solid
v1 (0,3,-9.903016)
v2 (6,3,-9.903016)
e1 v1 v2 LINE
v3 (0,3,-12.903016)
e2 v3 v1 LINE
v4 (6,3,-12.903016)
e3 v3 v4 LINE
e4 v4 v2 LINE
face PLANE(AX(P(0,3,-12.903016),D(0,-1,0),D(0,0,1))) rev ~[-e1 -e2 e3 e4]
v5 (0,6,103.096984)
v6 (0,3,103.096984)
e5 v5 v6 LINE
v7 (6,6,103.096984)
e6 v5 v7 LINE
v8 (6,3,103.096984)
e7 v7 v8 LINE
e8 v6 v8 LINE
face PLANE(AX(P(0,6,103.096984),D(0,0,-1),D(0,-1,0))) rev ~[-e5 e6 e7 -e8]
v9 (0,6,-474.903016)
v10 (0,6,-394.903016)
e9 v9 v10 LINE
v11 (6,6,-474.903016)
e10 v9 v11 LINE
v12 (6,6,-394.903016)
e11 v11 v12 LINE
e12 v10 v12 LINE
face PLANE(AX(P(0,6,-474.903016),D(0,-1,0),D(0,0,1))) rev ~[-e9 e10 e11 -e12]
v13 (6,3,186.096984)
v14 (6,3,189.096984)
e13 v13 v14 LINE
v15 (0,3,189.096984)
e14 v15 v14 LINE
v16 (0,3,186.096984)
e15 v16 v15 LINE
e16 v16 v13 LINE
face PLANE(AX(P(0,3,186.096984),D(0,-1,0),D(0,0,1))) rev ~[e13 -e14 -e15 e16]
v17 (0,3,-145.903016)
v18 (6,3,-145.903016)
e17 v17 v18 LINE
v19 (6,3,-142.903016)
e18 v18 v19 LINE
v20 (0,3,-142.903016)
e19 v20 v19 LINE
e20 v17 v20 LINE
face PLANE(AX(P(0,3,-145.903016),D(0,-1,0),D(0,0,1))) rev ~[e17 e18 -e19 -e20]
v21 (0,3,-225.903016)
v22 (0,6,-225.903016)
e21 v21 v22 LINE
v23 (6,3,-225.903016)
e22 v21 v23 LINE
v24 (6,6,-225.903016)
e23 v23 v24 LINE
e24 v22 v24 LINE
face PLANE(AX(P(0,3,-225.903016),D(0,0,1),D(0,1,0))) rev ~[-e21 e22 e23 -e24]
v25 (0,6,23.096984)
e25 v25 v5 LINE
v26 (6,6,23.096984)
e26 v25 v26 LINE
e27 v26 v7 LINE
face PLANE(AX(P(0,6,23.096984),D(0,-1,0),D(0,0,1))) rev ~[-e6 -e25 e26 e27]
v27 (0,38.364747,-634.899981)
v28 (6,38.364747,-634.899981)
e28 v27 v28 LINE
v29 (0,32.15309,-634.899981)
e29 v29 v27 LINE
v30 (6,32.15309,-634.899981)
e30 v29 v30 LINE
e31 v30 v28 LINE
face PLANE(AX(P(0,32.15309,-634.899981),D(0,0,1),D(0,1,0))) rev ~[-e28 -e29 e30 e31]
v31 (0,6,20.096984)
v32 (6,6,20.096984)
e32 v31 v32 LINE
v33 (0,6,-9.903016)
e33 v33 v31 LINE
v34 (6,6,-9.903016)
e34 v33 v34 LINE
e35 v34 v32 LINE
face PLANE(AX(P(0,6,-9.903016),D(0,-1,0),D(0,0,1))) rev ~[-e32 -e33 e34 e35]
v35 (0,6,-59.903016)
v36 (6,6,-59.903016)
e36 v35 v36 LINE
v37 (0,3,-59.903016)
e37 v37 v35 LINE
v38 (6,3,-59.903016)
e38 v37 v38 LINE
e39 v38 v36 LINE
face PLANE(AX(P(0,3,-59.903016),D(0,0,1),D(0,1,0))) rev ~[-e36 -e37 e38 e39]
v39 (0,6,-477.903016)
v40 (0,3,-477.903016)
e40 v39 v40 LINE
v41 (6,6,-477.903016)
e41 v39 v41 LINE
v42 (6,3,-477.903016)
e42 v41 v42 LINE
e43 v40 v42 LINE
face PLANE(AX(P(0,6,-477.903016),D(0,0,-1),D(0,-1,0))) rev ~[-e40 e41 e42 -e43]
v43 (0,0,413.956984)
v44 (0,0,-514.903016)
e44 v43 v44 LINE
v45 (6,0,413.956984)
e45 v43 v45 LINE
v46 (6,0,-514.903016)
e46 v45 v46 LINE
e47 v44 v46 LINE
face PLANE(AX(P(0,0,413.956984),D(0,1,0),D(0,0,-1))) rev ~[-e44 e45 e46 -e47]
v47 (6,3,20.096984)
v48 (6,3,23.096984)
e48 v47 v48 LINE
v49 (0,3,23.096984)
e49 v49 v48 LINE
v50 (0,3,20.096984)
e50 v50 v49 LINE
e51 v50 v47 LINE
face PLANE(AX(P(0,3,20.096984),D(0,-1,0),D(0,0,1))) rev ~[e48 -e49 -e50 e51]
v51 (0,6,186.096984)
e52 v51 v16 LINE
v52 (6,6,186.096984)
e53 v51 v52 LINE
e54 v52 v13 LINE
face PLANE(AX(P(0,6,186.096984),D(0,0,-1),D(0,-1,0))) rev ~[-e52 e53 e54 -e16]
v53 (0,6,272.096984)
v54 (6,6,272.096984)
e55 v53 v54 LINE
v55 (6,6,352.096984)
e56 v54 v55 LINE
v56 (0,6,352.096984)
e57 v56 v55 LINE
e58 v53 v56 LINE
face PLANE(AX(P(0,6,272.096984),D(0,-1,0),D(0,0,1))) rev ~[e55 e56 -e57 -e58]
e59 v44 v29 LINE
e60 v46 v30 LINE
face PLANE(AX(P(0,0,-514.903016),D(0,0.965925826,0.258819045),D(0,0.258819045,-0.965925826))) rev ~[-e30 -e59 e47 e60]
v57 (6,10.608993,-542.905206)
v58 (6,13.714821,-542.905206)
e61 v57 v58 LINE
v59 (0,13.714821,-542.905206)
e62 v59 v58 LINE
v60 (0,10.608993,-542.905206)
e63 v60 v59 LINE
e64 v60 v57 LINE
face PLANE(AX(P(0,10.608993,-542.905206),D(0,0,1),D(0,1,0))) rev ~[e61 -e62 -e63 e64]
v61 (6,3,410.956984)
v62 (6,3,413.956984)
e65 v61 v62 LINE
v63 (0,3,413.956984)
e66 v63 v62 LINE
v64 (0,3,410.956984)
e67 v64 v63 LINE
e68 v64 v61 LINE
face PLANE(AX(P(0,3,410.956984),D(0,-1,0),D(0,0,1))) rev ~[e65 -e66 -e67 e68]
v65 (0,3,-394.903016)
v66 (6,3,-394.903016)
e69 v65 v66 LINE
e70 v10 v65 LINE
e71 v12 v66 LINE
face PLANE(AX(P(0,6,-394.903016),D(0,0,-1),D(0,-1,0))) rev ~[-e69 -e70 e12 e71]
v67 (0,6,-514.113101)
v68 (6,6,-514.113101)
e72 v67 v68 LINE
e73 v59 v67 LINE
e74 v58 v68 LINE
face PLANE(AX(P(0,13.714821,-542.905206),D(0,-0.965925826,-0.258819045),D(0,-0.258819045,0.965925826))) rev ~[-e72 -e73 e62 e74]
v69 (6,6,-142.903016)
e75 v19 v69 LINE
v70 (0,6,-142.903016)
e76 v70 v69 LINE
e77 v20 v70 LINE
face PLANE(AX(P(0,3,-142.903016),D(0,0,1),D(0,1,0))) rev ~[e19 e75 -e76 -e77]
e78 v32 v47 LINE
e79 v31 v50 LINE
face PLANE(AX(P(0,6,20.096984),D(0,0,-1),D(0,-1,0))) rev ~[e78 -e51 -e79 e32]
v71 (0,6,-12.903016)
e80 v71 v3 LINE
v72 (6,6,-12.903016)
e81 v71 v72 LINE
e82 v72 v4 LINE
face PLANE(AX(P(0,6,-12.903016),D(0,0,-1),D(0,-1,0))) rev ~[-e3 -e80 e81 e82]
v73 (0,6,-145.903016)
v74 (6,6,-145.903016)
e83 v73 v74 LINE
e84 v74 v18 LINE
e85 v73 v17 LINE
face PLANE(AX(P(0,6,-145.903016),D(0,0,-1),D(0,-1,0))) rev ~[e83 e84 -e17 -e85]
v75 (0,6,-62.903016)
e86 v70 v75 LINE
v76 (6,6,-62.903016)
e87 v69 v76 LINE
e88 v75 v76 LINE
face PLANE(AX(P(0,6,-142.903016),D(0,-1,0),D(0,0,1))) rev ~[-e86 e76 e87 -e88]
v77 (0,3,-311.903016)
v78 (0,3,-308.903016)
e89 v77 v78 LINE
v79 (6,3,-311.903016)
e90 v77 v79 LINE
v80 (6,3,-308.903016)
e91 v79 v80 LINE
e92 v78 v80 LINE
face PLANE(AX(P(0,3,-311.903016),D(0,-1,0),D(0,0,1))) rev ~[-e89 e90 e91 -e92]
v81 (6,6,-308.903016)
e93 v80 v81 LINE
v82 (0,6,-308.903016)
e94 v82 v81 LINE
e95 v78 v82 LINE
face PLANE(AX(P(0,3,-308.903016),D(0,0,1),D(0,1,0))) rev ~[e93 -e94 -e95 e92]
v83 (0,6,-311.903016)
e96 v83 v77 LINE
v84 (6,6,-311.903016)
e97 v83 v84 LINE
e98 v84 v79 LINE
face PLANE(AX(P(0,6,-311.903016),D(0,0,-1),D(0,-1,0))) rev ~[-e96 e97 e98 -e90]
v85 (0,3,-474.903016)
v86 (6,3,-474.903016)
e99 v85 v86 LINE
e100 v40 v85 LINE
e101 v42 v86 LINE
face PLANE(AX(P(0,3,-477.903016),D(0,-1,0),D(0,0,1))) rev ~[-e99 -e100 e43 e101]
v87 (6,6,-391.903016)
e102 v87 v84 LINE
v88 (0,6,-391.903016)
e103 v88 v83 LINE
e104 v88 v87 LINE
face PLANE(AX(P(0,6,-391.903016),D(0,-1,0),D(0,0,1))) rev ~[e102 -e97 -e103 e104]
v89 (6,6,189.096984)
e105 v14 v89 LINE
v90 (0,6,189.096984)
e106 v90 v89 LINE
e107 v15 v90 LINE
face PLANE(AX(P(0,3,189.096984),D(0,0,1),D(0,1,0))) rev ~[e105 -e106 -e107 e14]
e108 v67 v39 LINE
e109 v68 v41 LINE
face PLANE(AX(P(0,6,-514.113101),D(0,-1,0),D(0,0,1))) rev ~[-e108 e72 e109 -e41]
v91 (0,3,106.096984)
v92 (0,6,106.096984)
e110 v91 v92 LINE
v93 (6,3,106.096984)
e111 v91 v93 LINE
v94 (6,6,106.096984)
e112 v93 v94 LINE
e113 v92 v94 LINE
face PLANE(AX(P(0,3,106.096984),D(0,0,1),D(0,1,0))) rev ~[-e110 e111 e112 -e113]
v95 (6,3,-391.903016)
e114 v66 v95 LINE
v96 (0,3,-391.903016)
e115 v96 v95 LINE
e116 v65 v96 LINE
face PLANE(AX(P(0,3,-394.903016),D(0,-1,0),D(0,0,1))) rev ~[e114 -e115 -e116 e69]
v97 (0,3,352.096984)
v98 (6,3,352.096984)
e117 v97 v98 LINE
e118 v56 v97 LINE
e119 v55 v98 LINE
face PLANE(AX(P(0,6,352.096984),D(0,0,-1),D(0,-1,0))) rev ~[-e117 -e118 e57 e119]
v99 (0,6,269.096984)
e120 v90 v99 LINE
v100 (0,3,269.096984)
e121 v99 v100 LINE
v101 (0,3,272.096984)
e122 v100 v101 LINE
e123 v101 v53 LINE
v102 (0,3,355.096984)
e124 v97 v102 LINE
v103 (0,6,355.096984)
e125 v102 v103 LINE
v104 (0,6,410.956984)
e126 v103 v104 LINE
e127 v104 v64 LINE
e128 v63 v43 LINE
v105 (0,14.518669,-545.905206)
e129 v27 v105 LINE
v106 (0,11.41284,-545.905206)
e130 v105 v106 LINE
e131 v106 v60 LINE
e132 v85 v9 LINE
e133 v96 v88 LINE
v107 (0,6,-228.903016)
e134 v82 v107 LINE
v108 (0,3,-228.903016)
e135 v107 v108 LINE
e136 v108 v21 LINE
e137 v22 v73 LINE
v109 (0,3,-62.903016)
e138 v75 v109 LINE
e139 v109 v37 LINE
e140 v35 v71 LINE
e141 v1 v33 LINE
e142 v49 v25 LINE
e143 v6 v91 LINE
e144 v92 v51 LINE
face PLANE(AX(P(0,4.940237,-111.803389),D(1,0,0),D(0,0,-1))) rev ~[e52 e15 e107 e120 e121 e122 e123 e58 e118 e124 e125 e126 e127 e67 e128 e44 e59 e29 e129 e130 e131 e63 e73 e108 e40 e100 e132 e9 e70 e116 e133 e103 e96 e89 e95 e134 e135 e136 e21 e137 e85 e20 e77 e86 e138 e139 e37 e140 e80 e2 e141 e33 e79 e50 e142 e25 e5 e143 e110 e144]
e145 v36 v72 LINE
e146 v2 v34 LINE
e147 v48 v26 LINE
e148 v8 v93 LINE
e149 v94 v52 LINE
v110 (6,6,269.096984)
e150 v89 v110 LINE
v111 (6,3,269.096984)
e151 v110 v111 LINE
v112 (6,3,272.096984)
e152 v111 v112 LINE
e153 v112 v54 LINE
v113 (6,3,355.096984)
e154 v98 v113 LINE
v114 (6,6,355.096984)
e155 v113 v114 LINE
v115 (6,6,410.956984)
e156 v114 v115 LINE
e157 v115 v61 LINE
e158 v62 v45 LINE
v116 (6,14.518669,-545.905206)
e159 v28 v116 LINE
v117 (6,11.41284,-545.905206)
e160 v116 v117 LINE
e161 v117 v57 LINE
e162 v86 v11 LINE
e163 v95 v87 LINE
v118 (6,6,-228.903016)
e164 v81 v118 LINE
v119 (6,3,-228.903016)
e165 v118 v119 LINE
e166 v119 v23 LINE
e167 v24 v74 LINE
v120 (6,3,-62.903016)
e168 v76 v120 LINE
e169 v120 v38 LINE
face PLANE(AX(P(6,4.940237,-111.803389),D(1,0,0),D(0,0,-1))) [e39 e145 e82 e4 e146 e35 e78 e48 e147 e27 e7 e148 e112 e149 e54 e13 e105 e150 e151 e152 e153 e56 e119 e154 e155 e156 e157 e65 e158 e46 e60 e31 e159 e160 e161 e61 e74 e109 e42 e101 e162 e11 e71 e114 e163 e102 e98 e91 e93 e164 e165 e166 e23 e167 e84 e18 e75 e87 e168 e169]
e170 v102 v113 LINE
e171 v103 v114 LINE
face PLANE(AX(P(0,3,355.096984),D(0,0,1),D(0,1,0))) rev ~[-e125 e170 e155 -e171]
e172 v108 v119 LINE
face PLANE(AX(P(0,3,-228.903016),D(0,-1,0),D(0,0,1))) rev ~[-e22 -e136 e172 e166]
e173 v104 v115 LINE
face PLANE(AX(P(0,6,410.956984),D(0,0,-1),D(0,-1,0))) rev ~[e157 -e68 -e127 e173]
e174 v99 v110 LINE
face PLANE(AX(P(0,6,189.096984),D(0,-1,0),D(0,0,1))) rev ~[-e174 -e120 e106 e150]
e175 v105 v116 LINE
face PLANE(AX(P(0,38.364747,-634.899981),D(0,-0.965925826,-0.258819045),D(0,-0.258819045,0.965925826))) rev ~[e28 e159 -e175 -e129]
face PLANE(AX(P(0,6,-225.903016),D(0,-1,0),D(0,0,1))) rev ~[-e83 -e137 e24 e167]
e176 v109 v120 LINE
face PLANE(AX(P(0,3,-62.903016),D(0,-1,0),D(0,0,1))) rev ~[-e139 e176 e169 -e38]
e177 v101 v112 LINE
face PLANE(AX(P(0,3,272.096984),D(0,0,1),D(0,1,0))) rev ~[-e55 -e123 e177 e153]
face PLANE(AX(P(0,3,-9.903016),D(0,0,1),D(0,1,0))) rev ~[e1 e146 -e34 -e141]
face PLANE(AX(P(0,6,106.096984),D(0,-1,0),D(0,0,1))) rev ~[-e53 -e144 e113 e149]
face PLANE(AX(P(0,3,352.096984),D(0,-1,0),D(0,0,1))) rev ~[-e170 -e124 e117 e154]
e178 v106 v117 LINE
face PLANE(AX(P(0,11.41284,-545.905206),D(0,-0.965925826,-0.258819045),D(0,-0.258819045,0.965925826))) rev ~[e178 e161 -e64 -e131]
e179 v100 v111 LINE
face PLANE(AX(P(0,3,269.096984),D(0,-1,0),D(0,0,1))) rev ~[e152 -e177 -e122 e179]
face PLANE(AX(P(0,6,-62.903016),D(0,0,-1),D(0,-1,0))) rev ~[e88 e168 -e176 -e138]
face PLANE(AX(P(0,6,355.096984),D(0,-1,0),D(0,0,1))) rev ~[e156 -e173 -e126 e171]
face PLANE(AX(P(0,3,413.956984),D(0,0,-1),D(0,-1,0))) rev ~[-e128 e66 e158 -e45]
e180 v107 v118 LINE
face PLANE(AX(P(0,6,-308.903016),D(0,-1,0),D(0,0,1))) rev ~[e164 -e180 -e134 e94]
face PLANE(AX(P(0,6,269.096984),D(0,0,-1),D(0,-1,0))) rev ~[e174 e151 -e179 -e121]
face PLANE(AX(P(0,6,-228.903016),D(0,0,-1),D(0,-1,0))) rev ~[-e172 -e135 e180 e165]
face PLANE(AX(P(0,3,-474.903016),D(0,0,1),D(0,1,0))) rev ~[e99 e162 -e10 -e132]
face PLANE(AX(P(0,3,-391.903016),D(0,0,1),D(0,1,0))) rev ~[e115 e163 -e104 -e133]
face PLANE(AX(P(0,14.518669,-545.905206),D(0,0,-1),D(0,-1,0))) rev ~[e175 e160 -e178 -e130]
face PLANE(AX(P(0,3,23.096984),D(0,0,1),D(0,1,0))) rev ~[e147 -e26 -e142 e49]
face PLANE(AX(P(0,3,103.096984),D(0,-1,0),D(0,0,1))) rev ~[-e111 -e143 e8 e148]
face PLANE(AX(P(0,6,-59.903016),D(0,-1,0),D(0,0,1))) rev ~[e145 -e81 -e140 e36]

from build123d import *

# Parameters (mm, degrees)
EXTRUDE_1_DEPTH = 6


with BuildPart() as part:
    # Эскиз1 → Бобышка-Вытянуть1 (new body)
    with BuildSketch(Plane(origin=(0, 0, 0), x_dir=(0, 0, -1), z_dir=(1, 0, 0))):
        Polygon((-413.956983993, 0), (514.903016007, 0), (634.899981407, 32.153089973), (634.899981407, 38.364747056), (545.905205711, 14.518668777), (545.905205711, 11.412840236), (542.905205711, 10.608992659), (542.905205711, 13.7148212), (514.113101021, 6), (477.903016007, 6), (477.903016007, 3), (474.903016007, 3), (474.903016007, 6), (394.903016007, 6), (394.903016007, 3), (391.903016007, 3), (391.903016007, 6), (311.903016007, 6), (311.903016007, 3), (308.903016007, 3), (308.903016007, 6), (228.903016007, 6), (228.903016007, 3), (225.903016007, 3), (225.903016007, 6), (145.903016007, 6), (145.903016007, 3), (142.903016007, 3), (142.903016007, 6), (62.903016007, 6), (62.903016007, 3), (59.903016007, 3), (59.903016007, 6), (12.903016007, 6), (12.903016007, 3), (9.903016007, 3), (9.903016007, 6), (-20.096983993, 6), (-20.096983993, 3), (-23.096983993, 3), (-23.096983993, 6), (-103.096983993, 6), (-103.096983993, 3), (-106.096983993, 3), (-106.096983993, 6), (-186.096983993, 6), (-186.096983993, 3), (-189.096983993, 3), (-189.096983993, 6), (-269.096983993, 6), (-269.096983993, 3), (-272.096983993, 3), (-272.096983993, 6), (-352.096983993, 6), (-352.096983993, 3), (-355.096983993, 3), (-355.096983993, 6), (-410.956983993, 6), (-410.956983993, 3), (-413.956983993, 3), align=None)
    extrude(amount=EXTRUDE_1_DEPTH)


solid = part.part
